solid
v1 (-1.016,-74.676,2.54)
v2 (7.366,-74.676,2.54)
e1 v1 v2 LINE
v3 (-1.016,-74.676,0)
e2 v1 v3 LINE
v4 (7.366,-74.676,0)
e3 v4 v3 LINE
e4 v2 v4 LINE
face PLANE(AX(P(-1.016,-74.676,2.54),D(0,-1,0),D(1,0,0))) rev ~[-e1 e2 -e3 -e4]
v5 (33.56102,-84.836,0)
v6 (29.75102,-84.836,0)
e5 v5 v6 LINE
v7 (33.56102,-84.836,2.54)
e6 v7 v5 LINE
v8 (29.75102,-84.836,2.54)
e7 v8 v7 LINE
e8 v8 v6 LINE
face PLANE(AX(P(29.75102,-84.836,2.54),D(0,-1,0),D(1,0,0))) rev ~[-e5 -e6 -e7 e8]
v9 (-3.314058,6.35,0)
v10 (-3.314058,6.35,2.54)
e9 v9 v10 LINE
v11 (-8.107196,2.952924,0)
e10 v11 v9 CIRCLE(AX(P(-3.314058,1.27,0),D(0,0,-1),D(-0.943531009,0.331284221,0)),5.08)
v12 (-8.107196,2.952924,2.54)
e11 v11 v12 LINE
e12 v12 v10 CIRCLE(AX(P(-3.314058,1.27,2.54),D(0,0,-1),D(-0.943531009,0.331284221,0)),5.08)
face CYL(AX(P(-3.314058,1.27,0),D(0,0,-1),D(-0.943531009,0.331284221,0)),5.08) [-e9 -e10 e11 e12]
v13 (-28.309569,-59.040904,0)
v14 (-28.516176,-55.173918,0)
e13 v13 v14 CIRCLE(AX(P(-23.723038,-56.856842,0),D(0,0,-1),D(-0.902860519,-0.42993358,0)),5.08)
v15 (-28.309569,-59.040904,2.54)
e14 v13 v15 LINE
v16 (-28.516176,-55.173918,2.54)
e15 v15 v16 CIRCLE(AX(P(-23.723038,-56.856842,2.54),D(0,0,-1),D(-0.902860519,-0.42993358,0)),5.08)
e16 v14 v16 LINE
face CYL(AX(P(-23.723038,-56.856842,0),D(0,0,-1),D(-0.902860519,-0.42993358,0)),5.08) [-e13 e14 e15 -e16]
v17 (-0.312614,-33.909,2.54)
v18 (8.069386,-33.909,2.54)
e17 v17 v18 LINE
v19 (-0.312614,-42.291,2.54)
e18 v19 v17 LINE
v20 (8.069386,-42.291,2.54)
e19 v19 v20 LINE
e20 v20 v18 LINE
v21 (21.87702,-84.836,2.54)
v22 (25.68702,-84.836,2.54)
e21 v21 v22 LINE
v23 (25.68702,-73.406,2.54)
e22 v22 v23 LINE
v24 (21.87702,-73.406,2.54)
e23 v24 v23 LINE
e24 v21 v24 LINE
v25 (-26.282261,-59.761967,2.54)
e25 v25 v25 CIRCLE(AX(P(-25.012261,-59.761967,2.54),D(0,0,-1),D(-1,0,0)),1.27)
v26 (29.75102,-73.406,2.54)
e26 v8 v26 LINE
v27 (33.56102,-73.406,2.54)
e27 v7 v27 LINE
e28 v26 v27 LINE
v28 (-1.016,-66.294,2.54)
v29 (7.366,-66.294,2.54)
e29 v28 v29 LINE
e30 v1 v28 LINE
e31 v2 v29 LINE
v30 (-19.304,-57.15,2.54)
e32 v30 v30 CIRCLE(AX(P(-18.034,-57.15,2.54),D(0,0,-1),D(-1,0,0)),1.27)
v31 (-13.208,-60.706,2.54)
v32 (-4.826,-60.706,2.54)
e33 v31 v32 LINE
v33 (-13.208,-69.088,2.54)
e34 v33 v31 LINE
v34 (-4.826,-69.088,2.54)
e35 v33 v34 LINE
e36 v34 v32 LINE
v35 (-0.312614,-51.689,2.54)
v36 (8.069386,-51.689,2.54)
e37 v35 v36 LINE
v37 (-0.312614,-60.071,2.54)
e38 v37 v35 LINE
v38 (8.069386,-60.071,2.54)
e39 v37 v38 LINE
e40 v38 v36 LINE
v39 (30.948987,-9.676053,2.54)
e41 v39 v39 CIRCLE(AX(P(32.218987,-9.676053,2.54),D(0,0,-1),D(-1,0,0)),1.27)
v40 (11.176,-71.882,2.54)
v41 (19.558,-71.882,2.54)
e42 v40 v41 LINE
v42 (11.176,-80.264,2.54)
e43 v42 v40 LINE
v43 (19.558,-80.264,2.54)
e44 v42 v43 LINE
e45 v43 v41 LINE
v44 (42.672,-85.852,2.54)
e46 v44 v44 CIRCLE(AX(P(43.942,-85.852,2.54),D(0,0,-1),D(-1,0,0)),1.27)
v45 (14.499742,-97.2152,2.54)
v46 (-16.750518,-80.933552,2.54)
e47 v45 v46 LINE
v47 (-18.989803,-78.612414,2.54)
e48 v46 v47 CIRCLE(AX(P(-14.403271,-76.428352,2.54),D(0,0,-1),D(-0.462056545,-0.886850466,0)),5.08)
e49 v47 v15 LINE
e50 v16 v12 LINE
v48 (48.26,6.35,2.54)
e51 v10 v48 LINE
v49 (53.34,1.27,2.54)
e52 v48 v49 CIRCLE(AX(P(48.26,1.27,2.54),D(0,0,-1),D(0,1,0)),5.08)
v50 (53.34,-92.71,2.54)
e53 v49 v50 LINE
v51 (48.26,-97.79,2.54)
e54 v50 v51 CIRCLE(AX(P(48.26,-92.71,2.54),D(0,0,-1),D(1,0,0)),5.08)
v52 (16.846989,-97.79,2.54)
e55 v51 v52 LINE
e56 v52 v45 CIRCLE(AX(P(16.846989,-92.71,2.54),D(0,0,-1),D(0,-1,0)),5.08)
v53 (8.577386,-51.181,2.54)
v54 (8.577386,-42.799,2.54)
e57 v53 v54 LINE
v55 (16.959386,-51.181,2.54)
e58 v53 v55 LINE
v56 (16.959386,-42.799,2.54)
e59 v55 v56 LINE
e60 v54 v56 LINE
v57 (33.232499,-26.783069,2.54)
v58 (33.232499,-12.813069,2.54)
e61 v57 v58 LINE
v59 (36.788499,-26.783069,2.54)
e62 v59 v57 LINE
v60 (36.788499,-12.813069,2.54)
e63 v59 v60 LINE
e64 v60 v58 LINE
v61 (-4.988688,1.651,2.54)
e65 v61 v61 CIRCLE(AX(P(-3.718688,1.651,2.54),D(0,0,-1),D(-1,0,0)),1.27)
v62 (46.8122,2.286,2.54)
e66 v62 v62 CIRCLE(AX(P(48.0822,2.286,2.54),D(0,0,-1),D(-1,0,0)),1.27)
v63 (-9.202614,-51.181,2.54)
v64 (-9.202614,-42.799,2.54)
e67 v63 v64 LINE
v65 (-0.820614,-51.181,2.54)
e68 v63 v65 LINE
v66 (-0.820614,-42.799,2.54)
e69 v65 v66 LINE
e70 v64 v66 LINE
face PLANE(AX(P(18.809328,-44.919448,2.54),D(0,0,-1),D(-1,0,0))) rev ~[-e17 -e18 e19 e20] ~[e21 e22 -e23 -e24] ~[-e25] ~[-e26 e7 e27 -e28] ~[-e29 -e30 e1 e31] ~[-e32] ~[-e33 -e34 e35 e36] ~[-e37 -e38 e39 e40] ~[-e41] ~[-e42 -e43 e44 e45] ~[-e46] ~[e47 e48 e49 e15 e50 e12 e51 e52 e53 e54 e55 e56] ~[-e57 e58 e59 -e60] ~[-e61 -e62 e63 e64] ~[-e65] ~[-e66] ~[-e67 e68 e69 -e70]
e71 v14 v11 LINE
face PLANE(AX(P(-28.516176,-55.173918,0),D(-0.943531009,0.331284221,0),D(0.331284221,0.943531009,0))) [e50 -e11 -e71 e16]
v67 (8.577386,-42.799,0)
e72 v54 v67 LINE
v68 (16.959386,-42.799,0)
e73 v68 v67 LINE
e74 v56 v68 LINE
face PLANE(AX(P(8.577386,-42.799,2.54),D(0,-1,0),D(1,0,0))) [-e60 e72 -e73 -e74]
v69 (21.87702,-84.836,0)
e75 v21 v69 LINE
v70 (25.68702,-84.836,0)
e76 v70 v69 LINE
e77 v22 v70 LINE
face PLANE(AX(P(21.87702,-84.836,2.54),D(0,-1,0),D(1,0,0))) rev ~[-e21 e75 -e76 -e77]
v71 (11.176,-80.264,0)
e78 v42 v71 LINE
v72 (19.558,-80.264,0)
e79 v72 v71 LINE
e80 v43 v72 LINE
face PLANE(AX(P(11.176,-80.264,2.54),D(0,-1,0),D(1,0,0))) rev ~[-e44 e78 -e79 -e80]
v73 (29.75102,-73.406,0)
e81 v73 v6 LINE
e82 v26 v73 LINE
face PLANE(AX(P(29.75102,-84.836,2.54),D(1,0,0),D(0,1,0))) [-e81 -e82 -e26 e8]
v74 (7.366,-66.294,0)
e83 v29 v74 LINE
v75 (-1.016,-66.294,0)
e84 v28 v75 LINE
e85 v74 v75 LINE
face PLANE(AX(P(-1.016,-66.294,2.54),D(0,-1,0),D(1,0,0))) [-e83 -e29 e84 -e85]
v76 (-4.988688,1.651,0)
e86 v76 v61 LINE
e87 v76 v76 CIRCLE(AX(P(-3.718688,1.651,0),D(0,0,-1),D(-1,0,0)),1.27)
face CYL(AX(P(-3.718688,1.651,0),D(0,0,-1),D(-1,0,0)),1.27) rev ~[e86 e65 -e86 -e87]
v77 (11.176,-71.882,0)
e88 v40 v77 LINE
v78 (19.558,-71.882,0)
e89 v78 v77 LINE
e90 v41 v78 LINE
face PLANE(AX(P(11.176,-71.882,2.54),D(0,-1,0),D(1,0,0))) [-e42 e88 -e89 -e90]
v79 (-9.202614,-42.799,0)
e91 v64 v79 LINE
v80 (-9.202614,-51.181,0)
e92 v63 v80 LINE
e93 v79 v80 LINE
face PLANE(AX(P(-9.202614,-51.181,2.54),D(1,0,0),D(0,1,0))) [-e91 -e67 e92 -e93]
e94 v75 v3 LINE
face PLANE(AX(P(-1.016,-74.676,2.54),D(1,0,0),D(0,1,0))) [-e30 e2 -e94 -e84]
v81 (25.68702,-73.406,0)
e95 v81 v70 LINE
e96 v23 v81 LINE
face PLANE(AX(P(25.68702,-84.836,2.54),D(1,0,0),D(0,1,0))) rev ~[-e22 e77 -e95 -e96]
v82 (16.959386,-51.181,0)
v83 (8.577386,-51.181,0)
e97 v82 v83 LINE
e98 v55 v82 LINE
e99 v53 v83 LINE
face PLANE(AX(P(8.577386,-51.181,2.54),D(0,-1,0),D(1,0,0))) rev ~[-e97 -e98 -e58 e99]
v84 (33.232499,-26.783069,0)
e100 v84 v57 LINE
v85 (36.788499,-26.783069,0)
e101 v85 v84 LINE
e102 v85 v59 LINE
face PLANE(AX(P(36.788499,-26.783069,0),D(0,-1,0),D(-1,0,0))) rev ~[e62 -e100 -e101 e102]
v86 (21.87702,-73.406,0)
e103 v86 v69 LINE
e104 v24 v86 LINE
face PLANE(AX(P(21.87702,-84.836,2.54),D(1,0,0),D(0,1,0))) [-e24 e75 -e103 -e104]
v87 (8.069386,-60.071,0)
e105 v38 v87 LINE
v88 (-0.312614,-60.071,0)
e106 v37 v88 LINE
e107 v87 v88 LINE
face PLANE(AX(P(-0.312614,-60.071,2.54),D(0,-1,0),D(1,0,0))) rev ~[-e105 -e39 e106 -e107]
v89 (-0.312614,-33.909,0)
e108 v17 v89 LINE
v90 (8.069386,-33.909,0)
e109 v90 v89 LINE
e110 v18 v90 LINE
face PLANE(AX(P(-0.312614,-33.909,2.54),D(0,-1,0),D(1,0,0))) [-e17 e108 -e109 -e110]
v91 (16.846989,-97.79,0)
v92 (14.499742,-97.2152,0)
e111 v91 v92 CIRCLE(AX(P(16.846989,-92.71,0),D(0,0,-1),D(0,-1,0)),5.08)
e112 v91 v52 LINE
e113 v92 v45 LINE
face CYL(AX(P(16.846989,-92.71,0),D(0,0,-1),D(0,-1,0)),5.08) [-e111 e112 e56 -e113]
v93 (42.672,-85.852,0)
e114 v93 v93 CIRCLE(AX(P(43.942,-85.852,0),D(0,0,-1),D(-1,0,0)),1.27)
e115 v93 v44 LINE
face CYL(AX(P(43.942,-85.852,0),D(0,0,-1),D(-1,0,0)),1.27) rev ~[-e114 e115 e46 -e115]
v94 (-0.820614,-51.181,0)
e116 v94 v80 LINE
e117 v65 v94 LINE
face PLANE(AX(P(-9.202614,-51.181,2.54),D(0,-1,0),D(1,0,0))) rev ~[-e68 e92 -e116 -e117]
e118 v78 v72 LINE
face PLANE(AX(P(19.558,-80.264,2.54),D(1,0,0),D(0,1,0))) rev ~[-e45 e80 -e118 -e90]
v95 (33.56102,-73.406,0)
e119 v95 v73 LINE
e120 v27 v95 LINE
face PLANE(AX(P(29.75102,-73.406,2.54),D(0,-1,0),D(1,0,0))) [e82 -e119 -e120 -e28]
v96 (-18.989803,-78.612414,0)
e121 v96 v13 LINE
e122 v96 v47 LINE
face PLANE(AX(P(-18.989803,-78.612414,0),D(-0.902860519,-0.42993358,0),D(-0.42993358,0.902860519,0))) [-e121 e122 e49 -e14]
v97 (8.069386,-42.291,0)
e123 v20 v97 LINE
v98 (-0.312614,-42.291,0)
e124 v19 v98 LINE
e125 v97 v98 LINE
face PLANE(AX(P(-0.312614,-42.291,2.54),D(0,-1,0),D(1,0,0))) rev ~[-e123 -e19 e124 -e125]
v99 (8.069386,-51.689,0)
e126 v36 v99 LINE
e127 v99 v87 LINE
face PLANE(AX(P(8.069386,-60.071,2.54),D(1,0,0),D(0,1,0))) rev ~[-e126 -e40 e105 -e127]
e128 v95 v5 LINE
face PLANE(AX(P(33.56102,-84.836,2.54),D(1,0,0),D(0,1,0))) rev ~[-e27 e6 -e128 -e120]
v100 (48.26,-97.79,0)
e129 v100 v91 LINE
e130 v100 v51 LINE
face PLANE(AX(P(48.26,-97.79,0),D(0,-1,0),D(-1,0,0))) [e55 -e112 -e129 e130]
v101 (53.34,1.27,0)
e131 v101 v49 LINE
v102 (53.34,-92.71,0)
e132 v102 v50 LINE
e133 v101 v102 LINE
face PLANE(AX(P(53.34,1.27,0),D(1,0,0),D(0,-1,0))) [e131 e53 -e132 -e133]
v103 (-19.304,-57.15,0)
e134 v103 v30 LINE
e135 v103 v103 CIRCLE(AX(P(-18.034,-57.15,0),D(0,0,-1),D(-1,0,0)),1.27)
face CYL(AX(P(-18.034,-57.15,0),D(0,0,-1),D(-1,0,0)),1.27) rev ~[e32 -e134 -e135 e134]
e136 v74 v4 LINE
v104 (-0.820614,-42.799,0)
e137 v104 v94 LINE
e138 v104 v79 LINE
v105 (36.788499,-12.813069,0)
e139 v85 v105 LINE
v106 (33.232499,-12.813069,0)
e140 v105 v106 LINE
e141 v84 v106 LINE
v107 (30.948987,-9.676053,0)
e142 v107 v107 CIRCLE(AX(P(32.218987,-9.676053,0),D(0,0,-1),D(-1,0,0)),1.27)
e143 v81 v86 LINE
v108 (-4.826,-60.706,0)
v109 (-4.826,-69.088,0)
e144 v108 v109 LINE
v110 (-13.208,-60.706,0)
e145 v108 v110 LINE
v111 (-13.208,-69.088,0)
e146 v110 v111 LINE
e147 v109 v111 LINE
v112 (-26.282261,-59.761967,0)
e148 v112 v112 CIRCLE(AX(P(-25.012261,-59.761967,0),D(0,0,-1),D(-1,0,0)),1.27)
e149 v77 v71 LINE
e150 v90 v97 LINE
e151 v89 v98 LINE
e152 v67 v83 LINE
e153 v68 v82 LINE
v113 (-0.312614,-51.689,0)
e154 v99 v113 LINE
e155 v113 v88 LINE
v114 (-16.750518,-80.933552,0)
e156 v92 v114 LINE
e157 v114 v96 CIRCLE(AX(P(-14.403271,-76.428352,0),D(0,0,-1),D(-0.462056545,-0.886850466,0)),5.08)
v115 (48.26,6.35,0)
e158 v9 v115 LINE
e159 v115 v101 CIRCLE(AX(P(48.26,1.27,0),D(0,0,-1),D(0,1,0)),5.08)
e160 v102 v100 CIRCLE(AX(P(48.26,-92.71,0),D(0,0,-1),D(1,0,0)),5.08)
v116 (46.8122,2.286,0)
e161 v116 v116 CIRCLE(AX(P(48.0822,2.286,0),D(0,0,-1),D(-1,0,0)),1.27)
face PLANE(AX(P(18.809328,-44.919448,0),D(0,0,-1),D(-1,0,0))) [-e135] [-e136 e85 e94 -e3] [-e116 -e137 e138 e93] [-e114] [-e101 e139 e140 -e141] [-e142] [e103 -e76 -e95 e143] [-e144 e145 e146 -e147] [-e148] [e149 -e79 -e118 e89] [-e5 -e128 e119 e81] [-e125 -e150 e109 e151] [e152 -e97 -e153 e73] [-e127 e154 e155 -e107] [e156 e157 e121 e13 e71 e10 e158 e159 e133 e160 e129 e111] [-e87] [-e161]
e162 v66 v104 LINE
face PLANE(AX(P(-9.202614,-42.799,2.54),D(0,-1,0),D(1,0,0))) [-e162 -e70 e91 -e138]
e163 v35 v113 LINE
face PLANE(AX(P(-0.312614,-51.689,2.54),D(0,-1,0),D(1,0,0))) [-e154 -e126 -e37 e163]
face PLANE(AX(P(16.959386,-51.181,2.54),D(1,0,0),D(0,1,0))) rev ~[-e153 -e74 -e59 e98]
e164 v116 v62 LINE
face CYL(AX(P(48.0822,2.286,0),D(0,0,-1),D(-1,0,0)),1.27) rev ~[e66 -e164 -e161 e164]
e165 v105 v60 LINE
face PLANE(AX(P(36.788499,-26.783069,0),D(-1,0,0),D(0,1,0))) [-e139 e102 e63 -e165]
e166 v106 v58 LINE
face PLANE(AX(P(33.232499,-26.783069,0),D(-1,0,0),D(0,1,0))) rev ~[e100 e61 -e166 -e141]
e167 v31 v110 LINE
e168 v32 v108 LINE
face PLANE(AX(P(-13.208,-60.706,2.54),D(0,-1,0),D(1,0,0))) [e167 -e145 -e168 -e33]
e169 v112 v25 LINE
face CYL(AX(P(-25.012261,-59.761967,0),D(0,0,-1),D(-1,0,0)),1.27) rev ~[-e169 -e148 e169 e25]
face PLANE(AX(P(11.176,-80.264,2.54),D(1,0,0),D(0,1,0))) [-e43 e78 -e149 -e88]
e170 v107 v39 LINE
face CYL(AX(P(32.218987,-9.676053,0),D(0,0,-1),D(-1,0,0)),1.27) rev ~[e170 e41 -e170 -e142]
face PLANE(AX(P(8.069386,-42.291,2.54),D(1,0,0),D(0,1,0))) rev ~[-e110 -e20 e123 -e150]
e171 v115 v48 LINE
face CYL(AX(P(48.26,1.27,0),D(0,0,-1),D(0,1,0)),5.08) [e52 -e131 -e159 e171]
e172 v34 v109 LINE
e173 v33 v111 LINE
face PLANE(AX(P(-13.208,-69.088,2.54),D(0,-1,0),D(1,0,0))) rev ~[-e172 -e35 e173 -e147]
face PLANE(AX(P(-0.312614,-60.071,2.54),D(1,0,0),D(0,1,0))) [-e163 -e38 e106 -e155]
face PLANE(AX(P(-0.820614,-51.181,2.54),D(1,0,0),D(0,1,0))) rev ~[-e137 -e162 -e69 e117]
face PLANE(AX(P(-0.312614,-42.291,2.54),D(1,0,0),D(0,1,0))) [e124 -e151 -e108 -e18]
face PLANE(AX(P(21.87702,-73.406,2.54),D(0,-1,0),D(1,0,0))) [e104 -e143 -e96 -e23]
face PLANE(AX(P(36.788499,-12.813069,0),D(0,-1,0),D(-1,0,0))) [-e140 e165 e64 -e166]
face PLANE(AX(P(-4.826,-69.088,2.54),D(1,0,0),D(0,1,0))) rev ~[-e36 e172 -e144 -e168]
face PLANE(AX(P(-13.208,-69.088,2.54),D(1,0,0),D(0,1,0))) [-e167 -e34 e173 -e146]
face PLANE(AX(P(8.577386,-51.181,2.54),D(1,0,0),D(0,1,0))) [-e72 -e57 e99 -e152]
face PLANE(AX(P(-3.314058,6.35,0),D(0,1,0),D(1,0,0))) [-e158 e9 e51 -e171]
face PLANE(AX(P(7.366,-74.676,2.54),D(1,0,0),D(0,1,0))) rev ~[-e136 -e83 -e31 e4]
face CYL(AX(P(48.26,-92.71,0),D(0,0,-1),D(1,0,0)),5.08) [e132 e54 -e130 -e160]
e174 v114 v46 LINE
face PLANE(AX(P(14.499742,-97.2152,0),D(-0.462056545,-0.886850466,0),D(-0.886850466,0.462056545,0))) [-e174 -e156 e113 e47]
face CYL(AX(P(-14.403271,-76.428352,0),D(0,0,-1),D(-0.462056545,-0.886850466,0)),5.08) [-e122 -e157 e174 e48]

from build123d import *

# Parameters (mm, degrees)
BOSS_EXTRUDE1_DEPTH     = 2.54
SKETCH11_W              = 3.81
SKETCH11_H              = 11.43
SKETCH11_W_2            = 8.382
SKETCH11_H_2            = 8.382
CUT_EXTRUDE1_DEPTH      = 1
CUT_EXTRUDE1_DEPTH_BACK = 3.54
SKETCH12_R              = 1.27
CUT_EXTRUDE2_DEPTH      = 1
CUT_EXTRUDE2_DEPTH_BACK = 3.54
SKETCH13_R              = 1.27
CUT_EXTRUDE3_DEPTH      = 1
CUT_EXTRUDE3_DEPTH_BACK = 3.54
SKETCH14_W              = 3.556
SKETCH14_H              = 13.97
CUT_EXTRUDE4_DEPTH      = 1
CUT_EXTRUDE4_DEPTH_BACK = 3.54
SKETCH16_R              = 1.27
CUT_EXTRUDE5_DEPTH      = 1
CUT_EXTRUDE5_DEPTH_BACK = 3.54


with BuildPart() as part:
    # Sketch10 → Boss-Extrude1 (new body)
    with BuildSketch(Plane.XY):
        with BuildLine():
            Line((53.34, 1.27), (53.34, -92.71))
            ThreePointArc((53.34, -92.71), (51.852102448, -96.302102448), (48.26, -97.79))
            Line((48.26, -97.79), (16.846989059, -97.79))
            ThreePointArc((16.846989059, -97.79), (15.638688158, -97.644208035), (14.499741809, -97.215200367))
            Line((14.499741809, -97.215200367), (-16.7505185, -80.933552139))
            ThreePointArc((-16.7505185, -80.933552139), (-18.059258376, -79.955412607), (-18.989802686, -78.61241436))
            Line((-18.989802686, -78.61241436), (-28.309569459, -59.040904135))
            ThreePointArc((-28.309569459, -59.040904135), (-28.795802898, -57.127870198), (-28.51617555, -55.173917704))
            Line((-28.51617555, -55.173917704), (-8.107195629, 2.952923842))
            ThreePointArc((-8.107195629, 2.952923842), (-6.251501454, 5.414614163), (-3.314058103, 6.35))
            Line((-3.314058103, 6.35), (48.26, 6.35))
            ThreePointArc((48.26, 6.35), (51.852102448, 4.862102448), (53.34, 1.27))
        make_face()
    extrude(amount=BOSS_EXTRUDE1_DEPTH)

    # Sketch11 → Cut-Extrude1 (cut, two sides)
    with BuildSketch(Plane.XY.offset(2.54)) as cut_extrude1_sk:
        with Locations((31.65602, -79.121)):
            Rectangle(SKETCH11_W, SKETCH11_H)
        with Locations((23.78202, -79.121)):
            Rectangle(SKETCH11_W, SKETCH11_H)
        with Locations((3.878385852, -55.88)):
            Rectangle(SKETCH11_W_2, SKETCH11_H_2)
        with Locations((-5.011614148, -46.99)):
            Rectangle(SKETCH11_W_2, SKETCH11_H_2)
        with Locations((3.878385852, -38.1)):
            Rectangle(SKETCH11_W_2, SKETCH11_H_2)
        with Locations((12.768385852, -46.99)):
            Rectangle(SKETCH11_W_2, SKETCH11_H_2)
        with Locations((-9.017, -64.897)):
            Rectangle(SKETCH11_W_2, SKETCH11_H_2)
        with Locations((3.175, -70.485)):
            Rectangle(SKETCH11_W_2, SKETCH11_H_2)
        with Locations((15.367, -76.073)):
            Rectangle(SKETCH11_W_2, SKETCH11_H_2)
    extrude(amount=CUT_EXTRUDE1_DEPTH, mode=Mode.SUBTRACT)
    extrude(cut_extrude1_sk.sketch, amount=-CUT_EXTRUDE1_DEPTH_BACK, mode=Mode.SUBTRACT)

    # Sketch12 → Cut-Extrude2 (cut, two sides)
    with BuildSketch(Plane(origin=(0, 0, 0), x_dir=(-1, 0, 0), z_dir=(0, 0, -1))) as cut_extrude2_sk:
        with Locations((18.034, -57.15)):
            Circle(SKETCH12_R)
        with Locations((-43.942, -85.852)):
            Circle(SKETCH12_R)
    extrude(amount=CUT_EXTRUDE2_DEPTH, mode=Mode.SUBTRACT)
    extrude(cut_extrude2_sk.sketch, amount=-CUT_EXTRUDE2_DEPTH_BACK, mode=Mode.SUBTRACT)

    # Sketch13 → Cut-Extrude3 (cut, two sides)
    with BuildSketch(Plane(origin=(0, 0, 0), x_dir=(-1, 0, 0), z_dir=(0, 0, -1))) as cut_extrude3_sk:
        with Locations((25.012261453, -59.761967182)):
            Circle(SKETCH13_R)
        with Locations((-48.0822, 2.286)):
            Circle(SKETCH13_R)
        with Locations((3.718687848, 1.651)):
            Circle(SKETCH13_R)
    extrude(amount=CUT_EXTRUDE3_DEPTH, mode=Mode.SUBTRACT)
    extrude(cut_extrude3_sk.sketch, amount=-CUT_EXTRUDE3_DEPTH_BACK, mode=Mode.SUBTRACT)

    # Sketch14 → Cut-Extrude4 (cut, two sides)
    with BuildSketch(Plane(origin=(0, 0, 0), x_dir=(-1, 0, 0), z_dir=(0, 0, -1))) as cut_extrude4_sk:
        with Locations((-35.010498686, -19.798068862)):
            Rectangle(SKETCH14_W, SKETCH14_H)
    extrude(amount=CUT_EXTRUDE4_DEPTH, mode=Mode.SUBTRACT)
    extrude(cut_extrude4_sk.sketch, amount=-CUT_EXTRUDE4_DEPTH_BACK, mode=Mode.SUBTRACT)

    # Sketch16 → Cut-Extrude5 (cut, two sides)
    with BuildSketch(Plane(origin=(0, 0, 0), x_dir=(-1, 0, 0), z_dir=(0, 0, -1))) as cut_extrude5_sk:
        with Locations((-32.21898687, -9.676053038)):
            Circle(SKETCH16_R)
    extrude(amount=CUT_EXTRUDE5_DEPTH, mode=Mode.SUBTRACT)
    extrude(cut_extrude5_sk.sketch, amount=-CUT_EXTRUDE5_DEPTH_BACK, mode=Mode.SUBTRACT)


solid = part.part
